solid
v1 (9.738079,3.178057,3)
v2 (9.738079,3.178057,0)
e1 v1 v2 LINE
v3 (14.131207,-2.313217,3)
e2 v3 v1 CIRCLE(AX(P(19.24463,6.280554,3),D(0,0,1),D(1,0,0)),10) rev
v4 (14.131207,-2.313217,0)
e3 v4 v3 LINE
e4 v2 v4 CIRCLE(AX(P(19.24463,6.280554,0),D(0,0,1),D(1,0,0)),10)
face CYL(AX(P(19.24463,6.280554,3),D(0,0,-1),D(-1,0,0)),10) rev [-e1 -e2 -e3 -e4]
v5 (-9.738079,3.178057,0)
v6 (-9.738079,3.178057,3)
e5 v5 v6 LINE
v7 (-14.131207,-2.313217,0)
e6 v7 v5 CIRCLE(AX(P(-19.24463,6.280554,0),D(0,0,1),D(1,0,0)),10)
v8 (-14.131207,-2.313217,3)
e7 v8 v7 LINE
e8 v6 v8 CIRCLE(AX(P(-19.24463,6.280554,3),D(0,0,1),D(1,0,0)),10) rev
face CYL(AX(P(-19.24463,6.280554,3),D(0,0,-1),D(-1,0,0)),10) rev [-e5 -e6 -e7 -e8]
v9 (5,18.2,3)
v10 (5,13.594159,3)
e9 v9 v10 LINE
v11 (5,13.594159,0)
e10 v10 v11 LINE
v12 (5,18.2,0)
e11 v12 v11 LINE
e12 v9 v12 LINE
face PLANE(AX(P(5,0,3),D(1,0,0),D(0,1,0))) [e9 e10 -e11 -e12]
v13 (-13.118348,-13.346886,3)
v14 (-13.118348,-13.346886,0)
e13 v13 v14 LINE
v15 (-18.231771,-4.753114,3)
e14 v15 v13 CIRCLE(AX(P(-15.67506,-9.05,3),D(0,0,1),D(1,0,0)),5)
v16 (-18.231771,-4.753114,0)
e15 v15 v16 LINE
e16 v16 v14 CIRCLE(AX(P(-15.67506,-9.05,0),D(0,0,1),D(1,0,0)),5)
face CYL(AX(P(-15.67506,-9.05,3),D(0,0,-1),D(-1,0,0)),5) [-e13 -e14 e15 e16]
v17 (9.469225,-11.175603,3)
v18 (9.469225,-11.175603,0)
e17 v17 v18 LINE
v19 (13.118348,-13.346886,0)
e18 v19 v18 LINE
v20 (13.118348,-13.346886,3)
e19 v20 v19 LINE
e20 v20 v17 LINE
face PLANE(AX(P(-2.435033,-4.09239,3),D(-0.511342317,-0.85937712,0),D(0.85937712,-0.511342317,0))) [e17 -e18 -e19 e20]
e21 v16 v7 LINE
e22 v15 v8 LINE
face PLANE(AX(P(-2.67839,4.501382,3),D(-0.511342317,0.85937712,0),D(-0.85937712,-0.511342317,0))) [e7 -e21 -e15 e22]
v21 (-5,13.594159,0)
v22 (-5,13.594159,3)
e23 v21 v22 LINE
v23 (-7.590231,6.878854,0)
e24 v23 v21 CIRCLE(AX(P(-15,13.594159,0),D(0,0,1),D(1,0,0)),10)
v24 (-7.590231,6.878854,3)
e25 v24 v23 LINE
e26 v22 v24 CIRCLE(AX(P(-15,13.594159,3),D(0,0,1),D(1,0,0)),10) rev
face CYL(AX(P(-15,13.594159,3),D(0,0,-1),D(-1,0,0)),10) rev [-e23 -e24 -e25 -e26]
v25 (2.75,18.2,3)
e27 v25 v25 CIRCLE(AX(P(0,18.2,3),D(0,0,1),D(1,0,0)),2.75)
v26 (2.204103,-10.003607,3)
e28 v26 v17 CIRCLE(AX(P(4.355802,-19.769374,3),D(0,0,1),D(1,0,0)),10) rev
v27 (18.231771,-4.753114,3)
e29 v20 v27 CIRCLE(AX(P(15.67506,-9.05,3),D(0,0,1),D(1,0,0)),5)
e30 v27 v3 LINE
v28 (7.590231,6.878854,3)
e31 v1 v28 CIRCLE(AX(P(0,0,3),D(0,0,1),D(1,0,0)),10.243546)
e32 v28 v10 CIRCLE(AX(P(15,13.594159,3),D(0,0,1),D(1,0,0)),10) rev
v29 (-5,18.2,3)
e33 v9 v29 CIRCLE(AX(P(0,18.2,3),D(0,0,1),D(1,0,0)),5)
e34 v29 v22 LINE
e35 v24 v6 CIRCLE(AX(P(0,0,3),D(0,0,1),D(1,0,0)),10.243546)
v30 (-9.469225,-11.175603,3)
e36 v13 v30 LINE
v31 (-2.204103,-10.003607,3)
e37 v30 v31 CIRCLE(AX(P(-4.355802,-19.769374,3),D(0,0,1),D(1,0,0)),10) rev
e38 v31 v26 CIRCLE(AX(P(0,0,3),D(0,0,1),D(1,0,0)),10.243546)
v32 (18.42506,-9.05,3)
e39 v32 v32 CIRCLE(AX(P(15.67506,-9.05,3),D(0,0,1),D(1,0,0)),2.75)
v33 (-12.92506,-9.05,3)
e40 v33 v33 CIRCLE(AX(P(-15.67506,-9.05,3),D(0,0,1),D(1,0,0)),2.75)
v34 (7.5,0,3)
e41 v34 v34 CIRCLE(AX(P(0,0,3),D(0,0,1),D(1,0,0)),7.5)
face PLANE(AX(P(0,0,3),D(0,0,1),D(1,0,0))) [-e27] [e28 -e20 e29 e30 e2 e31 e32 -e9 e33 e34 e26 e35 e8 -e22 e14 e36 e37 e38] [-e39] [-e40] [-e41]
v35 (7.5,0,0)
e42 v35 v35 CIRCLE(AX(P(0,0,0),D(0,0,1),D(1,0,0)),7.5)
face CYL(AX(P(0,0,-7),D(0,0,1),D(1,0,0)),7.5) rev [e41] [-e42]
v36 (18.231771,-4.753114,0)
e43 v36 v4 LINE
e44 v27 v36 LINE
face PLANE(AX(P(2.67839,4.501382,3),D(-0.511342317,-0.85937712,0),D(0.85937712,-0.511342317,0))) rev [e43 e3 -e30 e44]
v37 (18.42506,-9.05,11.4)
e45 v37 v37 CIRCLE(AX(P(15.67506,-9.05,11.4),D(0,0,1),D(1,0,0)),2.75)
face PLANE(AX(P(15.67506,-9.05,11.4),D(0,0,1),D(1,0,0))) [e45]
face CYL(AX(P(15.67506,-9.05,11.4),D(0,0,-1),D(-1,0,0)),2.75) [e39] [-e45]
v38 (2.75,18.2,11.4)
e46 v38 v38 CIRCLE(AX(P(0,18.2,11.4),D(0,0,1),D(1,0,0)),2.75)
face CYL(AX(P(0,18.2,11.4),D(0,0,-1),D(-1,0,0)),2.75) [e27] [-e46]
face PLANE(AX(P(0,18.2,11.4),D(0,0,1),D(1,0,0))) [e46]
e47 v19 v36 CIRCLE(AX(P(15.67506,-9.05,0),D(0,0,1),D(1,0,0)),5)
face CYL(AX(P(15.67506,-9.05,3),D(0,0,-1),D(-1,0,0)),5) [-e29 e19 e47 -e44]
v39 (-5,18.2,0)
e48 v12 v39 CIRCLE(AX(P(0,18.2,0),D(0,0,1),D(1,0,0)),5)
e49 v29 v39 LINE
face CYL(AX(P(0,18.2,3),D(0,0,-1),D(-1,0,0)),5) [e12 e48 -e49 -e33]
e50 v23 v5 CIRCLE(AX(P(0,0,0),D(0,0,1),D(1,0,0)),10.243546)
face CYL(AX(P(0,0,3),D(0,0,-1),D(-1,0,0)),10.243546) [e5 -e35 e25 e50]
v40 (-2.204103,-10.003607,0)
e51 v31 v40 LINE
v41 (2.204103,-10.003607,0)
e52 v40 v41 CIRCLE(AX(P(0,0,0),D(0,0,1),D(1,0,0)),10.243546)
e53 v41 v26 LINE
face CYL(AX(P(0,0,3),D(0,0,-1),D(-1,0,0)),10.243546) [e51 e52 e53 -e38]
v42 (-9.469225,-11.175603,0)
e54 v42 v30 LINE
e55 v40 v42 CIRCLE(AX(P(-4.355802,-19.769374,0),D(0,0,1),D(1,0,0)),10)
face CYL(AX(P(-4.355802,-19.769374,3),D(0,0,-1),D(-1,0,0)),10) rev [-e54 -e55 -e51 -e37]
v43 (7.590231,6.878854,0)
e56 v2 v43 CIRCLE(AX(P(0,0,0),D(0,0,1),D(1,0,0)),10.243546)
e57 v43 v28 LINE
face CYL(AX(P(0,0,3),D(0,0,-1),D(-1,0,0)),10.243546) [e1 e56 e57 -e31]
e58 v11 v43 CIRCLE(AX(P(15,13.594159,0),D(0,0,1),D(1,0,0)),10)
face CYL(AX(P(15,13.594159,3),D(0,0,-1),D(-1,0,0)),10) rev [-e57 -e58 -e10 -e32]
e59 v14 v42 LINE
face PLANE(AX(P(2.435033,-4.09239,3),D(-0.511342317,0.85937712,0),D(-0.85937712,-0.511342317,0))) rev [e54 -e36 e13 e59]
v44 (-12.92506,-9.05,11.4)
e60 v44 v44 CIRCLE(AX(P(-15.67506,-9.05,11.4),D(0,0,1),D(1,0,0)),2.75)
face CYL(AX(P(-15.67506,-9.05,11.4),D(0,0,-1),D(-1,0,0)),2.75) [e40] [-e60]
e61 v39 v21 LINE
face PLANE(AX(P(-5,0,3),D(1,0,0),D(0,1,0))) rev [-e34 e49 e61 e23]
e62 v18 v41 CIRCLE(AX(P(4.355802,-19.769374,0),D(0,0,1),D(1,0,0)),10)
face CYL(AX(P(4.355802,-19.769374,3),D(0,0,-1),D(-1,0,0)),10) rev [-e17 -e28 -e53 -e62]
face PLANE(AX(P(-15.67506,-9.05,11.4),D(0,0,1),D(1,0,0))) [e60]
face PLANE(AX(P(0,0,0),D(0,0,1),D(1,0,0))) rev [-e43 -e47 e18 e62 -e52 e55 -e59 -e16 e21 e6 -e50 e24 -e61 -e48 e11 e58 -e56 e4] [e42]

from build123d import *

# Parameters (mm, degrees)
SALIENTE_EXTRUIR1_DEPTH = 3
CROQUIS3_R              = 7.5
CORTAR_EXTRUIR2_DEPTH   = 10
REDONDEO1_R             = 10
CROQUIS2_R              = 2.75
SALIENTE_EXTRUIR2_DEPTH = 8.4


with BuildPart() as part:
    # Croquis1 → Saliente-Extruir1 (new body)
    with BuildSketch(Plane.XY):
        with BuildLine():
            Line((-13.118348224, -13.346885602), (-5.358962429, -8.729934305))
            ThreePointArc((-5.358962429, -8.729934305), (0, -10.243545836), (5.358962429, -8.729934305))
            Line((5.358962429, -8.729934305), (13.118348224, -13.346885602))
            ThreePointArc((13.118348224, -13.346885602), (19.97194541, -11.606711584), (18.231771393, -4.753114398))
            Line((18.231771393, -4.753114398), (10.243545836, 0))
            ThreePointArc((10.243545836, 0), (8.83594818, 5.182301714), (5, 8.94037087))
            Line((5, 8.94037087), (5, 18.2))
            ThreePointArc((5, 18.2), (0, 23.2), (-5, 18.2))
            Line((-5, 18.2), (-5, 8.94037087))
            ThreePointArc((-5, 8.94037087), (-8.83594818, 5.182301714), (-10.243545836, 0))
            Line((-10.243545836, 0), (-18.231771393, -4.753114398))
            ThreePointArc((-18.231771393, -4.753114398), (-19.97194541, -11.606711584), (-13.118348224, -13.346885602))
        make_face()
    extrude(amount=SALIENTE_EXTRUIR1_DEPTH)

    # Croquis3 → Cortar-Extruir2 (cut)
    with BuildSketch(Plane.XY.offset(3)):
        Circle(CROQUIS3_R)
    extrude(amount=-CORTAR_EXTRUIR2_DEPTH, mode=Mode.SUBTRACT)

    # Redondeo1
    redondeo1_edges = [part.edges().sort_by_distance(p)[0] for p in [
        (-10.243545836, 0, 1.5),
        (-5, 8.94037087, 1.5),
        (5, 8.94037087, 1.5),
        (10.243545836, 0, 1.5),
        (5.358962429, -8.729934305, 1.5),
        (-5.358962429, -8.729934305, 1.5),
    ]]
    fillet(redondeo1_edges, radius=REDONDEO1_R)

    # Croquis2 → Saliente-Extruir2 (add)
    with BuildSketch(Plane.XY.offset(3)):
        with Locations((0, 18.2)):
            Circle(CROQUIS2_R)
        with Locations((15.675059808, -9.05)):
            Circle(CROQUIS2_R)
        with Locations((-15.675059808, -9.05)):
            Circle(CROQUIS2_R)
    extrude(amount=SALIENTE_EXTRUIR2_DEPTH)


solid = part.part
